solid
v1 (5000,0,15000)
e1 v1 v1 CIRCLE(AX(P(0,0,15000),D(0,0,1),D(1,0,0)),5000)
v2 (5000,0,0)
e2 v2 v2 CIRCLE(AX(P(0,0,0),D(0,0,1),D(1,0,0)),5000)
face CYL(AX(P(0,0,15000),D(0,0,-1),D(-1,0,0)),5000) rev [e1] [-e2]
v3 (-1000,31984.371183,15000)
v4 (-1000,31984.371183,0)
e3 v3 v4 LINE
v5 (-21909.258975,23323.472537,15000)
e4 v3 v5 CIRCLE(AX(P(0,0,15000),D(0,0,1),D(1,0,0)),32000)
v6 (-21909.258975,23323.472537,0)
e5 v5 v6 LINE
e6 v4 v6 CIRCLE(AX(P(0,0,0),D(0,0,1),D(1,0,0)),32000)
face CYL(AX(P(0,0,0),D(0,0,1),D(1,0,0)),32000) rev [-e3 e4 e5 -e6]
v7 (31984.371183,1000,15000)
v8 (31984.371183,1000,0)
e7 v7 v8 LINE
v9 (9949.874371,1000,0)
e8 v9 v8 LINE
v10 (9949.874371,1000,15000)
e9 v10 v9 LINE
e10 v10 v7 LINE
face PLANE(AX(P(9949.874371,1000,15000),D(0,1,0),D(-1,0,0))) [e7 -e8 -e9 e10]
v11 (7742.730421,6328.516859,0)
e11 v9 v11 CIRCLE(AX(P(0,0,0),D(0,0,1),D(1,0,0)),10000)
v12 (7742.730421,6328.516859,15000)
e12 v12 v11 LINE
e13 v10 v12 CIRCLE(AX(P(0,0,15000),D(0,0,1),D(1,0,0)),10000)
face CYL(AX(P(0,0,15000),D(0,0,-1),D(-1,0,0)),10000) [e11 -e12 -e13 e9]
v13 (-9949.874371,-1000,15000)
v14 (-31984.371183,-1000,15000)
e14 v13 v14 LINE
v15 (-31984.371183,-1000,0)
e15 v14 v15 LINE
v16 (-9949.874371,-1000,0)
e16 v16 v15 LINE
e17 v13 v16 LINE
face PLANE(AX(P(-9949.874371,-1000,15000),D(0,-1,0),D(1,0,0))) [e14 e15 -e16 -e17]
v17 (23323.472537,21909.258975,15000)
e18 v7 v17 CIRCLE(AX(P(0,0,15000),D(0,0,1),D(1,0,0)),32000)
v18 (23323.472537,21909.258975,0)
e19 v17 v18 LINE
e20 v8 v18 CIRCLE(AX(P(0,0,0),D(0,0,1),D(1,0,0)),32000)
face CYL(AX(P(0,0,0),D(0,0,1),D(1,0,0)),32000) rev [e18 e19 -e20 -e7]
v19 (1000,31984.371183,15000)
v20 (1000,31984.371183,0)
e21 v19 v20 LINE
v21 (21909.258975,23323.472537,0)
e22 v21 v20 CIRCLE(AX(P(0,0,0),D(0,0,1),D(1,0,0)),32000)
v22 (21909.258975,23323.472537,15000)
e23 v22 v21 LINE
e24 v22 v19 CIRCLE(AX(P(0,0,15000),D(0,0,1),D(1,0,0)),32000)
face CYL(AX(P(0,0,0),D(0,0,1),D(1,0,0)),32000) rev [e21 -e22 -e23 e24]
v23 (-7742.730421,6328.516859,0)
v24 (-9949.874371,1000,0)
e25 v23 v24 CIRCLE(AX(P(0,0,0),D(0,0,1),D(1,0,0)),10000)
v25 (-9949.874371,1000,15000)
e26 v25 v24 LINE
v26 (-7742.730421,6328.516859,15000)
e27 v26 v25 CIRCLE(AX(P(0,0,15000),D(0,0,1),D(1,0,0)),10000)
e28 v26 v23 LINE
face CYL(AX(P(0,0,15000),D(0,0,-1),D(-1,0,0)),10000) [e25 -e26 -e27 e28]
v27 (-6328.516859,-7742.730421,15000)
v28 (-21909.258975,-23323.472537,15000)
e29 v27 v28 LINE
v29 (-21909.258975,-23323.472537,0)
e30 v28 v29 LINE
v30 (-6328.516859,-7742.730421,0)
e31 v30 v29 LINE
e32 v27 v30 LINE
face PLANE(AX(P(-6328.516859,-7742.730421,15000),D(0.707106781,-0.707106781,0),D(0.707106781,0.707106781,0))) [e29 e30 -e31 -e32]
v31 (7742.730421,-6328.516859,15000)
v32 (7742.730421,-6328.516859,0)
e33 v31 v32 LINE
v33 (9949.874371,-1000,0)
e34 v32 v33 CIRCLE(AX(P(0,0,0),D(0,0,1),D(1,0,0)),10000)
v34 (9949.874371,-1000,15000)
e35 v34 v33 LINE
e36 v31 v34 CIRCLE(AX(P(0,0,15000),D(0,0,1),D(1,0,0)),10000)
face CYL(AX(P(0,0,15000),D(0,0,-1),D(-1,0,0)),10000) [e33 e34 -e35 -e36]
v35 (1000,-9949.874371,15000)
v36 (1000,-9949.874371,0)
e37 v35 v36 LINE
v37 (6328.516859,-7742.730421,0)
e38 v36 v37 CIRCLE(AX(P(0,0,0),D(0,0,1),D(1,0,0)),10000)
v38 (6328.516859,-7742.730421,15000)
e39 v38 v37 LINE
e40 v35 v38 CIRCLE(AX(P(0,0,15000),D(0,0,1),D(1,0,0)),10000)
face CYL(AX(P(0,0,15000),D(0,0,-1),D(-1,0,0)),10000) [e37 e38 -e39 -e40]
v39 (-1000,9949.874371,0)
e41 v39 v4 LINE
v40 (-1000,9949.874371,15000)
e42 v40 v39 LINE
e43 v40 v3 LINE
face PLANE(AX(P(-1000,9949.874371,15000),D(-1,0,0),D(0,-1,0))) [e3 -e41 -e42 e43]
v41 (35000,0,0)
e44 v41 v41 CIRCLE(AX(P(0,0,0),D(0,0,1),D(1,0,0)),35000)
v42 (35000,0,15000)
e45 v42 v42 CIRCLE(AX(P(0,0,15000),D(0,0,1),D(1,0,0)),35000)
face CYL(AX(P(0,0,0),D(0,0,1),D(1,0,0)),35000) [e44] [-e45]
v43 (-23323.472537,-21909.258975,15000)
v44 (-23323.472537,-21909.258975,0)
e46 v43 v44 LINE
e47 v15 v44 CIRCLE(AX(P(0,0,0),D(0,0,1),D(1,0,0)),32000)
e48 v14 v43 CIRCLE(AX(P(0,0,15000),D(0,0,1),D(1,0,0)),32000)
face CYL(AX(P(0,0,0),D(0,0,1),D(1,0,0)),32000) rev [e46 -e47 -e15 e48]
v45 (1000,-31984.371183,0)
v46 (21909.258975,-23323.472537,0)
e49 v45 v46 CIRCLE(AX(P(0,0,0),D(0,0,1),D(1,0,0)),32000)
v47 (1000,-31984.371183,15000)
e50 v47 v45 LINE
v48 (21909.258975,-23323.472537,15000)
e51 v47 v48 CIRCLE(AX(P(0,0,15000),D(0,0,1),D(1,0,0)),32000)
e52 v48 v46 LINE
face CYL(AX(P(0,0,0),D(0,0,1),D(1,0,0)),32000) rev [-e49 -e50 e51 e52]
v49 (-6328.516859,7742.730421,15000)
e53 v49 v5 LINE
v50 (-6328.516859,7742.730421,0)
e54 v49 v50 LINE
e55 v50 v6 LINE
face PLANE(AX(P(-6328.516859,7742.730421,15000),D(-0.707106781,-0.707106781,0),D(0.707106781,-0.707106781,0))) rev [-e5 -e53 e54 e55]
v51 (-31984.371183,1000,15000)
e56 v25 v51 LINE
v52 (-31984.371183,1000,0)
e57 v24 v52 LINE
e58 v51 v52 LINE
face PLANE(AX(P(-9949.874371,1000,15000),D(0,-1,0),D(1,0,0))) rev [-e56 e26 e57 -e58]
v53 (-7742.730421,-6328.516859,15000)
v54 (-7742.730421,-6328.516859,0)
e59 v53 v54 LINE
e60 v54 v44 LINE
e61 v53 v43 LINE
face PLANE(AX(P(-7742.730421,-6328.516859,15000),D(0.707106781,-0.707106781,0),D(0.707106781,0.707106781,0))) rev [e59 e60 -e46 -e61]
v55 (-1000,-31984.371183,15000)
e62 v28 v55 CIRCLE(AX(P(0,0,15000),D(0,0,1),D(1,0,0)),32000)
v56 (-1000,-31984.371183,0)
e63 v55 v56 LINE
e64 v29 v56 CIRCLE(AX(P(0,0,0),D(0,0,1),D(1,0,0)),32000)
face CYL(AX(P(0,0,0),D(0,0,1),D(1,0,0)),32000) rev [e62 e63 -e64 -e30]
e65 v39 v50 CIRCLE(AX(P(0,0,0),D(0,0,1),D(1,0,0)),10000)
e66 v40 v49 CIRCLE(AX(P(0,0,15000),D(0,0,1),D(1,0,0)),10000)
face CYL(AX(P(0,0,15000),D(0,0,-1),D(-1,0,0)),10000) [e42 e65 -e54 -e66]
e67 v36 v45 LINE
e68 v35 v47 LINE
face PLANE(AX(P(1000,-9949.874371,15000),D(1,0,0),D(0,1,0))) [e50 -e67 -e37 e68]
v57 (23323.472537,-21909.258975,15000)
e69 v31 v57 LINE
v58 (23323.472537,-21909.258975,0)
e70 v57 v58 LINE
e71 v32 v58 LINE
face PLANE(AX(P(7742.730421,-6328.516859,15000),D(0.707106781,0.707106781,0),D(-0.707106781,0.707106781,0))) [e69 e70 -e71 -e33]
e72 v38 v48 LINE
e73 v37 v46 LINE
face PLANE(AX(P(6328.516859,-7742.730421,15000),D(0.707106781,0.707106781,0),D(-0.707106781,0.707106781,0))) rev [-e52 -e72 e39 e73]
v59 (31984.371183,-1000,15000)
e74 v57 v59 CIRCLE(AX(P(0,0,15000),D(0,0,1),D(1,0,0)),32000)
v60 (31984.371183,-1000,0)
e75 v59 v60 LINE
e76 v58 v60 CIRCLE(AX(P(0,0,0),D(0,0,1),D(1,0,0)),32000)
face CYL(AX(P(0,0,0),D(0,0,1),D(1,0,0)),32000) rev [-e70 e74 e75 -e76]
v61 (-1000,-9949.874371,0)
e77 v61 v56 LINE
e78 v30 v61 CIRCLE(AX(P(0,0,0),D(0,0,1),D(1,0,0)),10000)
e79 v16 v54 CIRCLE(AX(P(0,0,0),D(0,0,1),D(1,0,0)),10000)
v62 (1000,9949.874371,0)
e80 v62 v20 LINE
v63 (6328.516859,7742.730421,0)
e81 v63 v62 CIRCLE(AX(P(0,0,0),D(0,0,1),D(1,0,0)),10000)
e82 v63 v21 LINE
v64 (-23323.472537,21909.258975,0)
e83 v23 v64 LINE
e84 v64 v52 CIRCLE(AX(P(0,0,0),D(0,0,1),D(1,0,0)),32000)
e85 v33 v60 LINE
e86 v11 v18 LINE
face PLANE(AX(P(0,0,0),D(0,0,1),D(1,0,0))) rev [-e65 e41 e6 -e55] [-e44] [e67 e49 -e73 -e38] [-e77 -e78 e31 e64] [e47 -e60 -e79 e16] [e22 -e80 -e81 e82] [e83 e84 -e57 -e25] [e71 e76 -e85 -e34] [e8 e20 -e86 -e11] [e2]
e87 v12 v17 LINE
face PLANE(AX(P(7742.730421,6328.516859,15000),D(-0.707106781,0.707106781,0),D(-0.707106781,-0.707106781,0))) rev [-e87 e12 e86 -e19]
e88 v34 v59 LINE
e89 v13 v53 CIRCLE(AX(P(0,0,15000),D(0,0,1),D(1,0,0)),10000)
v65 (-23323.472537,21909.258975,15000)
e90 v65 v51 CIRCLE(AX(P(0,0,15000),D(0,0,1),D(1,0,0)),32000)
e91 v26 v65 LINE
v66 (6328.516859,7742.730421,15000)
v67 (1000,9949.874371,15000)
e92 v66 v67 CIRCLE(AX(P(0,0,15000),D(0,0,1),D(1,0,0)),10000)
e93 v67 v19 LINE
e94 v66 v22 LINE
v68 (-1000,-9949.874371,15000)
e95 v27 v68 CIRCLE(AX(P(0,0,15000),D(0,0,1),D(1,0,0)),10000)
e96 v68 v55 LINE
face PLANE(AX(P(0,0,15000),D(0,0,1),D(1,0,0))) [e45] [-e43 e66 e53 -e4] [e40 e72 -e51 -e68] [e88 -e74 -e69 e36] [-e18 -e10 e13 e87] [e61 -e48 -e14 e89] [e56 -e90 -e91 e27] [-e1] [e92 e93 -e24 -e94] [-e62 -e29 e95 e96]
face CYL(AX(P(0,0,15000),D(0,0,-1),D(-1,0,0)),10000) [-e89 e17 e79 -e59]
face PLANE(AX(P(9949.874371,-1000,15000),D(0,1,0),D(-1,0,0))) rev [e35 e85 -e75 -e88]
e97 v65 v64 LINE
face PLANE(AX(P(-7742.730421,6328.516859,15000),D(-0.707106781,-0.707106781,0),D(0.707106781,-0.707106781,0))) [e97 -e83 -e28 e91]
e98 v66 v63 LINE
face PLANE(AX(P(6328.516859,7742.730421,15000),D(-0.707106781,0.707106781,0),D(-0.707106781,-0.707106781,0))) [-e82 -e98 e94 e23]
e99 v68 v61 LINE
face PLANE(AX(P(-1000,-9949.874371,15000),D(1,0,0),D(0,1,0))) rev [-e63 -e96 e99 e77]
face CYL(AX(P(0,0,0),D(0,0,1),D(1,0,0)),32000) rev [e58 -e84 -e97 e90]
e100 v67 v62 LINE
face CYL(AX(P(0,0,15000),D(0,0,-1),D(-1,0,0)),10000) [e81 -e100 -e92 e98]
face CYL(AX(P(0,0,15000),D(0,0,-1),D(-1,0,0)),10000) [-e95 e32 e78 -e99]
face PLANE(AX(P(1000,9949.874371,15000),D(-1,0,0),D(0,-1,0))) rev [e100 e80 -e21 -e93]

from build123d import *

# Parameters (mm, degrees)
SKETCH1_R           = 10000
SKETCH1_R_2         = 5000
BOSS_EXTRUDE1_DEPTH = 15000
SKETCH2_R           = 35000
SKETCH2_R_2         = 32000
BOSS_EXTRUDE5_DEPTH = 15000
BOSS_EXTRUDE6_DEPTH = 15000


with BuildPart() as part:
    # Sketch1 → Boss-Extrude1 (new body)
    with BuildSketch(Plane.XY):
        Circle(SKETCH1_R)
        Circle(SKETCH1_R_2, mode=Mode.SUBTRACT)
    extrude(amount=BOSS_EXTRUDE1_DEPTH)



with BuildPart() as body_2:
    # Sketch2 → Boss-Extrude5 (new body)
    with BuildSketch(Plane.XY.offset(15000)):
        Circle(SKETCH2_R)
        Circle(SKETCH2_R_2, mode=Mode.SUBTRACT)
    extrude(amount=-BOSS_EXTRUDE5_DEPTH)


with BuildPart() as part_1:
    add(part.part)

    add(body_2.part)  # Boss-Extrude6 merges body 2
    # Sketch3 → Boss-Extrude6 (add)
    with BuildSketch(Plane.XY):
        with BuildLine():
            Line((6328.516858549, 7742.730420922), (21909.258974611, 23323.472536984))
            ThreePointArc((21909.258974611, 23323.472536984), (22627.41699797, 22627.41699797), (23323.472536985, 21909.258974611))
            Line((23323.472536985, 21909.258974611), (7742.730420922, 6328.516858549))
            ThreePointArc((7742.730420922, 6328.516858549), (7071.067811865, 7071.067811865), (6328.516858549, 7742.730420922))
        make_face()
        with BuildLine():
            Line((-1000, 9949.874371066), (-1000, 31984.37118344))
            ThreePointArc((-1000, 31984.37118344), (0, 32000.000000001), (1000, 31984.37118344))
            Line((1000, 31984.37118344), (1000, 9949.874371066))
            ThreePointArc((1000, 9949.874371066), (0, 10000), (-1000, 9949.874371066))
        make_face()
        with BuildLine():
            Line((9949.874371066, 1000), (31984.37118344, 1000))
            ThreePointArc((31984.37118344, 1000), (32000.000000001, 0), (31984.37118344, -1000))
            Line((31984.37118344, -1000), (9949.874371066, -1000))
            ThreePointArc((9949.874371066, -1000), (10000, 0), (9949.874371066, 1000))
        make_face()
        with BuildLine():
            Line((7742.730420922, -6328.516858549), (23323.472536984, -21909.258974611))
            ThreePointArc((23323.472536984, -21909.258974611), (22627.41699797, -22627.41699797), (21909.258974611, -23323.472536985))
            Line((21909.258974611, -23323.472536985), (6328.516858549, -7742.730420922))
            ThreePointArc((6328.516858549, -7742.730420922), (7071.067811865, -7071.067811866), (7742.730420922, -6328.516858549))
        make_face()
        with BuildLine():
            Line((1000, -9949.874371066), (1000, -31984.37118344))
            ThreePointArc((1000, -31984.37118344), (0, -32000.000000001), (-1000, -31984.37118344))
            Line((-1000, -31984.37118344), (-1000, -9949.874371066))
            ThreePointArc((-1000, -9949.874371066), (0, -10000), (1000, -9949.874371066))
        make_face()
        with BuildLine():
            Line((-6328.516858549, -7742.730420922), (-21909.258974611, -23323.472536984))
            ThreePointArc((-21909.258974611, -23323.472536984), (-22627.41699797, -22627.41699797), (-23323.472536985, -21909.258974611))
            Line((-23323.472536985, -21909.258974611), (-7742.730420922, -6328.516858549))
            ThreePointArc((-7742.730420922, -6328.516858549), (-7071.067811866, -7071.067811865), (-6328.516858549, -7742.730420922))
        make_face()
        with BuildLine():
            Line((-9949.874371066, -1000), (-31984.37118344, -1000))
            ThreePointArc((-31984.37118344, -1000), (-32000.000000001, 0), (-31984.37118344, 1000))
            Line((-31984.37118344, 1000), (-9949.874371066, 1000))
            ThreePointArc((-9949.874371066, 1000), (-10000, 0), (-9949.874371066, -1000))
        make_face()
        with BuildLine():
            Line((-7742.730420922, 6328.516858549), (-23323.472536984, 21909.258974611))
            ThreePointArc((-23323.472536984, 21909.258974611), (-22627.41699797, 22627.41699797), (-21909.258974611, 23323.472536985))
            Line((-21909.258974611, 23323.472536985), (-6328.516858549, 7742.730420922))
            ThreePointArc((-6328.516858549, 7742.730420922), (-7071.067811865, 7071.067811866), (-7742.730420922, 6328.516858549))
        make_face()
    extrude(amount=BOSS_EXTRUDE6_DEPTH)


solid = part_1.part
